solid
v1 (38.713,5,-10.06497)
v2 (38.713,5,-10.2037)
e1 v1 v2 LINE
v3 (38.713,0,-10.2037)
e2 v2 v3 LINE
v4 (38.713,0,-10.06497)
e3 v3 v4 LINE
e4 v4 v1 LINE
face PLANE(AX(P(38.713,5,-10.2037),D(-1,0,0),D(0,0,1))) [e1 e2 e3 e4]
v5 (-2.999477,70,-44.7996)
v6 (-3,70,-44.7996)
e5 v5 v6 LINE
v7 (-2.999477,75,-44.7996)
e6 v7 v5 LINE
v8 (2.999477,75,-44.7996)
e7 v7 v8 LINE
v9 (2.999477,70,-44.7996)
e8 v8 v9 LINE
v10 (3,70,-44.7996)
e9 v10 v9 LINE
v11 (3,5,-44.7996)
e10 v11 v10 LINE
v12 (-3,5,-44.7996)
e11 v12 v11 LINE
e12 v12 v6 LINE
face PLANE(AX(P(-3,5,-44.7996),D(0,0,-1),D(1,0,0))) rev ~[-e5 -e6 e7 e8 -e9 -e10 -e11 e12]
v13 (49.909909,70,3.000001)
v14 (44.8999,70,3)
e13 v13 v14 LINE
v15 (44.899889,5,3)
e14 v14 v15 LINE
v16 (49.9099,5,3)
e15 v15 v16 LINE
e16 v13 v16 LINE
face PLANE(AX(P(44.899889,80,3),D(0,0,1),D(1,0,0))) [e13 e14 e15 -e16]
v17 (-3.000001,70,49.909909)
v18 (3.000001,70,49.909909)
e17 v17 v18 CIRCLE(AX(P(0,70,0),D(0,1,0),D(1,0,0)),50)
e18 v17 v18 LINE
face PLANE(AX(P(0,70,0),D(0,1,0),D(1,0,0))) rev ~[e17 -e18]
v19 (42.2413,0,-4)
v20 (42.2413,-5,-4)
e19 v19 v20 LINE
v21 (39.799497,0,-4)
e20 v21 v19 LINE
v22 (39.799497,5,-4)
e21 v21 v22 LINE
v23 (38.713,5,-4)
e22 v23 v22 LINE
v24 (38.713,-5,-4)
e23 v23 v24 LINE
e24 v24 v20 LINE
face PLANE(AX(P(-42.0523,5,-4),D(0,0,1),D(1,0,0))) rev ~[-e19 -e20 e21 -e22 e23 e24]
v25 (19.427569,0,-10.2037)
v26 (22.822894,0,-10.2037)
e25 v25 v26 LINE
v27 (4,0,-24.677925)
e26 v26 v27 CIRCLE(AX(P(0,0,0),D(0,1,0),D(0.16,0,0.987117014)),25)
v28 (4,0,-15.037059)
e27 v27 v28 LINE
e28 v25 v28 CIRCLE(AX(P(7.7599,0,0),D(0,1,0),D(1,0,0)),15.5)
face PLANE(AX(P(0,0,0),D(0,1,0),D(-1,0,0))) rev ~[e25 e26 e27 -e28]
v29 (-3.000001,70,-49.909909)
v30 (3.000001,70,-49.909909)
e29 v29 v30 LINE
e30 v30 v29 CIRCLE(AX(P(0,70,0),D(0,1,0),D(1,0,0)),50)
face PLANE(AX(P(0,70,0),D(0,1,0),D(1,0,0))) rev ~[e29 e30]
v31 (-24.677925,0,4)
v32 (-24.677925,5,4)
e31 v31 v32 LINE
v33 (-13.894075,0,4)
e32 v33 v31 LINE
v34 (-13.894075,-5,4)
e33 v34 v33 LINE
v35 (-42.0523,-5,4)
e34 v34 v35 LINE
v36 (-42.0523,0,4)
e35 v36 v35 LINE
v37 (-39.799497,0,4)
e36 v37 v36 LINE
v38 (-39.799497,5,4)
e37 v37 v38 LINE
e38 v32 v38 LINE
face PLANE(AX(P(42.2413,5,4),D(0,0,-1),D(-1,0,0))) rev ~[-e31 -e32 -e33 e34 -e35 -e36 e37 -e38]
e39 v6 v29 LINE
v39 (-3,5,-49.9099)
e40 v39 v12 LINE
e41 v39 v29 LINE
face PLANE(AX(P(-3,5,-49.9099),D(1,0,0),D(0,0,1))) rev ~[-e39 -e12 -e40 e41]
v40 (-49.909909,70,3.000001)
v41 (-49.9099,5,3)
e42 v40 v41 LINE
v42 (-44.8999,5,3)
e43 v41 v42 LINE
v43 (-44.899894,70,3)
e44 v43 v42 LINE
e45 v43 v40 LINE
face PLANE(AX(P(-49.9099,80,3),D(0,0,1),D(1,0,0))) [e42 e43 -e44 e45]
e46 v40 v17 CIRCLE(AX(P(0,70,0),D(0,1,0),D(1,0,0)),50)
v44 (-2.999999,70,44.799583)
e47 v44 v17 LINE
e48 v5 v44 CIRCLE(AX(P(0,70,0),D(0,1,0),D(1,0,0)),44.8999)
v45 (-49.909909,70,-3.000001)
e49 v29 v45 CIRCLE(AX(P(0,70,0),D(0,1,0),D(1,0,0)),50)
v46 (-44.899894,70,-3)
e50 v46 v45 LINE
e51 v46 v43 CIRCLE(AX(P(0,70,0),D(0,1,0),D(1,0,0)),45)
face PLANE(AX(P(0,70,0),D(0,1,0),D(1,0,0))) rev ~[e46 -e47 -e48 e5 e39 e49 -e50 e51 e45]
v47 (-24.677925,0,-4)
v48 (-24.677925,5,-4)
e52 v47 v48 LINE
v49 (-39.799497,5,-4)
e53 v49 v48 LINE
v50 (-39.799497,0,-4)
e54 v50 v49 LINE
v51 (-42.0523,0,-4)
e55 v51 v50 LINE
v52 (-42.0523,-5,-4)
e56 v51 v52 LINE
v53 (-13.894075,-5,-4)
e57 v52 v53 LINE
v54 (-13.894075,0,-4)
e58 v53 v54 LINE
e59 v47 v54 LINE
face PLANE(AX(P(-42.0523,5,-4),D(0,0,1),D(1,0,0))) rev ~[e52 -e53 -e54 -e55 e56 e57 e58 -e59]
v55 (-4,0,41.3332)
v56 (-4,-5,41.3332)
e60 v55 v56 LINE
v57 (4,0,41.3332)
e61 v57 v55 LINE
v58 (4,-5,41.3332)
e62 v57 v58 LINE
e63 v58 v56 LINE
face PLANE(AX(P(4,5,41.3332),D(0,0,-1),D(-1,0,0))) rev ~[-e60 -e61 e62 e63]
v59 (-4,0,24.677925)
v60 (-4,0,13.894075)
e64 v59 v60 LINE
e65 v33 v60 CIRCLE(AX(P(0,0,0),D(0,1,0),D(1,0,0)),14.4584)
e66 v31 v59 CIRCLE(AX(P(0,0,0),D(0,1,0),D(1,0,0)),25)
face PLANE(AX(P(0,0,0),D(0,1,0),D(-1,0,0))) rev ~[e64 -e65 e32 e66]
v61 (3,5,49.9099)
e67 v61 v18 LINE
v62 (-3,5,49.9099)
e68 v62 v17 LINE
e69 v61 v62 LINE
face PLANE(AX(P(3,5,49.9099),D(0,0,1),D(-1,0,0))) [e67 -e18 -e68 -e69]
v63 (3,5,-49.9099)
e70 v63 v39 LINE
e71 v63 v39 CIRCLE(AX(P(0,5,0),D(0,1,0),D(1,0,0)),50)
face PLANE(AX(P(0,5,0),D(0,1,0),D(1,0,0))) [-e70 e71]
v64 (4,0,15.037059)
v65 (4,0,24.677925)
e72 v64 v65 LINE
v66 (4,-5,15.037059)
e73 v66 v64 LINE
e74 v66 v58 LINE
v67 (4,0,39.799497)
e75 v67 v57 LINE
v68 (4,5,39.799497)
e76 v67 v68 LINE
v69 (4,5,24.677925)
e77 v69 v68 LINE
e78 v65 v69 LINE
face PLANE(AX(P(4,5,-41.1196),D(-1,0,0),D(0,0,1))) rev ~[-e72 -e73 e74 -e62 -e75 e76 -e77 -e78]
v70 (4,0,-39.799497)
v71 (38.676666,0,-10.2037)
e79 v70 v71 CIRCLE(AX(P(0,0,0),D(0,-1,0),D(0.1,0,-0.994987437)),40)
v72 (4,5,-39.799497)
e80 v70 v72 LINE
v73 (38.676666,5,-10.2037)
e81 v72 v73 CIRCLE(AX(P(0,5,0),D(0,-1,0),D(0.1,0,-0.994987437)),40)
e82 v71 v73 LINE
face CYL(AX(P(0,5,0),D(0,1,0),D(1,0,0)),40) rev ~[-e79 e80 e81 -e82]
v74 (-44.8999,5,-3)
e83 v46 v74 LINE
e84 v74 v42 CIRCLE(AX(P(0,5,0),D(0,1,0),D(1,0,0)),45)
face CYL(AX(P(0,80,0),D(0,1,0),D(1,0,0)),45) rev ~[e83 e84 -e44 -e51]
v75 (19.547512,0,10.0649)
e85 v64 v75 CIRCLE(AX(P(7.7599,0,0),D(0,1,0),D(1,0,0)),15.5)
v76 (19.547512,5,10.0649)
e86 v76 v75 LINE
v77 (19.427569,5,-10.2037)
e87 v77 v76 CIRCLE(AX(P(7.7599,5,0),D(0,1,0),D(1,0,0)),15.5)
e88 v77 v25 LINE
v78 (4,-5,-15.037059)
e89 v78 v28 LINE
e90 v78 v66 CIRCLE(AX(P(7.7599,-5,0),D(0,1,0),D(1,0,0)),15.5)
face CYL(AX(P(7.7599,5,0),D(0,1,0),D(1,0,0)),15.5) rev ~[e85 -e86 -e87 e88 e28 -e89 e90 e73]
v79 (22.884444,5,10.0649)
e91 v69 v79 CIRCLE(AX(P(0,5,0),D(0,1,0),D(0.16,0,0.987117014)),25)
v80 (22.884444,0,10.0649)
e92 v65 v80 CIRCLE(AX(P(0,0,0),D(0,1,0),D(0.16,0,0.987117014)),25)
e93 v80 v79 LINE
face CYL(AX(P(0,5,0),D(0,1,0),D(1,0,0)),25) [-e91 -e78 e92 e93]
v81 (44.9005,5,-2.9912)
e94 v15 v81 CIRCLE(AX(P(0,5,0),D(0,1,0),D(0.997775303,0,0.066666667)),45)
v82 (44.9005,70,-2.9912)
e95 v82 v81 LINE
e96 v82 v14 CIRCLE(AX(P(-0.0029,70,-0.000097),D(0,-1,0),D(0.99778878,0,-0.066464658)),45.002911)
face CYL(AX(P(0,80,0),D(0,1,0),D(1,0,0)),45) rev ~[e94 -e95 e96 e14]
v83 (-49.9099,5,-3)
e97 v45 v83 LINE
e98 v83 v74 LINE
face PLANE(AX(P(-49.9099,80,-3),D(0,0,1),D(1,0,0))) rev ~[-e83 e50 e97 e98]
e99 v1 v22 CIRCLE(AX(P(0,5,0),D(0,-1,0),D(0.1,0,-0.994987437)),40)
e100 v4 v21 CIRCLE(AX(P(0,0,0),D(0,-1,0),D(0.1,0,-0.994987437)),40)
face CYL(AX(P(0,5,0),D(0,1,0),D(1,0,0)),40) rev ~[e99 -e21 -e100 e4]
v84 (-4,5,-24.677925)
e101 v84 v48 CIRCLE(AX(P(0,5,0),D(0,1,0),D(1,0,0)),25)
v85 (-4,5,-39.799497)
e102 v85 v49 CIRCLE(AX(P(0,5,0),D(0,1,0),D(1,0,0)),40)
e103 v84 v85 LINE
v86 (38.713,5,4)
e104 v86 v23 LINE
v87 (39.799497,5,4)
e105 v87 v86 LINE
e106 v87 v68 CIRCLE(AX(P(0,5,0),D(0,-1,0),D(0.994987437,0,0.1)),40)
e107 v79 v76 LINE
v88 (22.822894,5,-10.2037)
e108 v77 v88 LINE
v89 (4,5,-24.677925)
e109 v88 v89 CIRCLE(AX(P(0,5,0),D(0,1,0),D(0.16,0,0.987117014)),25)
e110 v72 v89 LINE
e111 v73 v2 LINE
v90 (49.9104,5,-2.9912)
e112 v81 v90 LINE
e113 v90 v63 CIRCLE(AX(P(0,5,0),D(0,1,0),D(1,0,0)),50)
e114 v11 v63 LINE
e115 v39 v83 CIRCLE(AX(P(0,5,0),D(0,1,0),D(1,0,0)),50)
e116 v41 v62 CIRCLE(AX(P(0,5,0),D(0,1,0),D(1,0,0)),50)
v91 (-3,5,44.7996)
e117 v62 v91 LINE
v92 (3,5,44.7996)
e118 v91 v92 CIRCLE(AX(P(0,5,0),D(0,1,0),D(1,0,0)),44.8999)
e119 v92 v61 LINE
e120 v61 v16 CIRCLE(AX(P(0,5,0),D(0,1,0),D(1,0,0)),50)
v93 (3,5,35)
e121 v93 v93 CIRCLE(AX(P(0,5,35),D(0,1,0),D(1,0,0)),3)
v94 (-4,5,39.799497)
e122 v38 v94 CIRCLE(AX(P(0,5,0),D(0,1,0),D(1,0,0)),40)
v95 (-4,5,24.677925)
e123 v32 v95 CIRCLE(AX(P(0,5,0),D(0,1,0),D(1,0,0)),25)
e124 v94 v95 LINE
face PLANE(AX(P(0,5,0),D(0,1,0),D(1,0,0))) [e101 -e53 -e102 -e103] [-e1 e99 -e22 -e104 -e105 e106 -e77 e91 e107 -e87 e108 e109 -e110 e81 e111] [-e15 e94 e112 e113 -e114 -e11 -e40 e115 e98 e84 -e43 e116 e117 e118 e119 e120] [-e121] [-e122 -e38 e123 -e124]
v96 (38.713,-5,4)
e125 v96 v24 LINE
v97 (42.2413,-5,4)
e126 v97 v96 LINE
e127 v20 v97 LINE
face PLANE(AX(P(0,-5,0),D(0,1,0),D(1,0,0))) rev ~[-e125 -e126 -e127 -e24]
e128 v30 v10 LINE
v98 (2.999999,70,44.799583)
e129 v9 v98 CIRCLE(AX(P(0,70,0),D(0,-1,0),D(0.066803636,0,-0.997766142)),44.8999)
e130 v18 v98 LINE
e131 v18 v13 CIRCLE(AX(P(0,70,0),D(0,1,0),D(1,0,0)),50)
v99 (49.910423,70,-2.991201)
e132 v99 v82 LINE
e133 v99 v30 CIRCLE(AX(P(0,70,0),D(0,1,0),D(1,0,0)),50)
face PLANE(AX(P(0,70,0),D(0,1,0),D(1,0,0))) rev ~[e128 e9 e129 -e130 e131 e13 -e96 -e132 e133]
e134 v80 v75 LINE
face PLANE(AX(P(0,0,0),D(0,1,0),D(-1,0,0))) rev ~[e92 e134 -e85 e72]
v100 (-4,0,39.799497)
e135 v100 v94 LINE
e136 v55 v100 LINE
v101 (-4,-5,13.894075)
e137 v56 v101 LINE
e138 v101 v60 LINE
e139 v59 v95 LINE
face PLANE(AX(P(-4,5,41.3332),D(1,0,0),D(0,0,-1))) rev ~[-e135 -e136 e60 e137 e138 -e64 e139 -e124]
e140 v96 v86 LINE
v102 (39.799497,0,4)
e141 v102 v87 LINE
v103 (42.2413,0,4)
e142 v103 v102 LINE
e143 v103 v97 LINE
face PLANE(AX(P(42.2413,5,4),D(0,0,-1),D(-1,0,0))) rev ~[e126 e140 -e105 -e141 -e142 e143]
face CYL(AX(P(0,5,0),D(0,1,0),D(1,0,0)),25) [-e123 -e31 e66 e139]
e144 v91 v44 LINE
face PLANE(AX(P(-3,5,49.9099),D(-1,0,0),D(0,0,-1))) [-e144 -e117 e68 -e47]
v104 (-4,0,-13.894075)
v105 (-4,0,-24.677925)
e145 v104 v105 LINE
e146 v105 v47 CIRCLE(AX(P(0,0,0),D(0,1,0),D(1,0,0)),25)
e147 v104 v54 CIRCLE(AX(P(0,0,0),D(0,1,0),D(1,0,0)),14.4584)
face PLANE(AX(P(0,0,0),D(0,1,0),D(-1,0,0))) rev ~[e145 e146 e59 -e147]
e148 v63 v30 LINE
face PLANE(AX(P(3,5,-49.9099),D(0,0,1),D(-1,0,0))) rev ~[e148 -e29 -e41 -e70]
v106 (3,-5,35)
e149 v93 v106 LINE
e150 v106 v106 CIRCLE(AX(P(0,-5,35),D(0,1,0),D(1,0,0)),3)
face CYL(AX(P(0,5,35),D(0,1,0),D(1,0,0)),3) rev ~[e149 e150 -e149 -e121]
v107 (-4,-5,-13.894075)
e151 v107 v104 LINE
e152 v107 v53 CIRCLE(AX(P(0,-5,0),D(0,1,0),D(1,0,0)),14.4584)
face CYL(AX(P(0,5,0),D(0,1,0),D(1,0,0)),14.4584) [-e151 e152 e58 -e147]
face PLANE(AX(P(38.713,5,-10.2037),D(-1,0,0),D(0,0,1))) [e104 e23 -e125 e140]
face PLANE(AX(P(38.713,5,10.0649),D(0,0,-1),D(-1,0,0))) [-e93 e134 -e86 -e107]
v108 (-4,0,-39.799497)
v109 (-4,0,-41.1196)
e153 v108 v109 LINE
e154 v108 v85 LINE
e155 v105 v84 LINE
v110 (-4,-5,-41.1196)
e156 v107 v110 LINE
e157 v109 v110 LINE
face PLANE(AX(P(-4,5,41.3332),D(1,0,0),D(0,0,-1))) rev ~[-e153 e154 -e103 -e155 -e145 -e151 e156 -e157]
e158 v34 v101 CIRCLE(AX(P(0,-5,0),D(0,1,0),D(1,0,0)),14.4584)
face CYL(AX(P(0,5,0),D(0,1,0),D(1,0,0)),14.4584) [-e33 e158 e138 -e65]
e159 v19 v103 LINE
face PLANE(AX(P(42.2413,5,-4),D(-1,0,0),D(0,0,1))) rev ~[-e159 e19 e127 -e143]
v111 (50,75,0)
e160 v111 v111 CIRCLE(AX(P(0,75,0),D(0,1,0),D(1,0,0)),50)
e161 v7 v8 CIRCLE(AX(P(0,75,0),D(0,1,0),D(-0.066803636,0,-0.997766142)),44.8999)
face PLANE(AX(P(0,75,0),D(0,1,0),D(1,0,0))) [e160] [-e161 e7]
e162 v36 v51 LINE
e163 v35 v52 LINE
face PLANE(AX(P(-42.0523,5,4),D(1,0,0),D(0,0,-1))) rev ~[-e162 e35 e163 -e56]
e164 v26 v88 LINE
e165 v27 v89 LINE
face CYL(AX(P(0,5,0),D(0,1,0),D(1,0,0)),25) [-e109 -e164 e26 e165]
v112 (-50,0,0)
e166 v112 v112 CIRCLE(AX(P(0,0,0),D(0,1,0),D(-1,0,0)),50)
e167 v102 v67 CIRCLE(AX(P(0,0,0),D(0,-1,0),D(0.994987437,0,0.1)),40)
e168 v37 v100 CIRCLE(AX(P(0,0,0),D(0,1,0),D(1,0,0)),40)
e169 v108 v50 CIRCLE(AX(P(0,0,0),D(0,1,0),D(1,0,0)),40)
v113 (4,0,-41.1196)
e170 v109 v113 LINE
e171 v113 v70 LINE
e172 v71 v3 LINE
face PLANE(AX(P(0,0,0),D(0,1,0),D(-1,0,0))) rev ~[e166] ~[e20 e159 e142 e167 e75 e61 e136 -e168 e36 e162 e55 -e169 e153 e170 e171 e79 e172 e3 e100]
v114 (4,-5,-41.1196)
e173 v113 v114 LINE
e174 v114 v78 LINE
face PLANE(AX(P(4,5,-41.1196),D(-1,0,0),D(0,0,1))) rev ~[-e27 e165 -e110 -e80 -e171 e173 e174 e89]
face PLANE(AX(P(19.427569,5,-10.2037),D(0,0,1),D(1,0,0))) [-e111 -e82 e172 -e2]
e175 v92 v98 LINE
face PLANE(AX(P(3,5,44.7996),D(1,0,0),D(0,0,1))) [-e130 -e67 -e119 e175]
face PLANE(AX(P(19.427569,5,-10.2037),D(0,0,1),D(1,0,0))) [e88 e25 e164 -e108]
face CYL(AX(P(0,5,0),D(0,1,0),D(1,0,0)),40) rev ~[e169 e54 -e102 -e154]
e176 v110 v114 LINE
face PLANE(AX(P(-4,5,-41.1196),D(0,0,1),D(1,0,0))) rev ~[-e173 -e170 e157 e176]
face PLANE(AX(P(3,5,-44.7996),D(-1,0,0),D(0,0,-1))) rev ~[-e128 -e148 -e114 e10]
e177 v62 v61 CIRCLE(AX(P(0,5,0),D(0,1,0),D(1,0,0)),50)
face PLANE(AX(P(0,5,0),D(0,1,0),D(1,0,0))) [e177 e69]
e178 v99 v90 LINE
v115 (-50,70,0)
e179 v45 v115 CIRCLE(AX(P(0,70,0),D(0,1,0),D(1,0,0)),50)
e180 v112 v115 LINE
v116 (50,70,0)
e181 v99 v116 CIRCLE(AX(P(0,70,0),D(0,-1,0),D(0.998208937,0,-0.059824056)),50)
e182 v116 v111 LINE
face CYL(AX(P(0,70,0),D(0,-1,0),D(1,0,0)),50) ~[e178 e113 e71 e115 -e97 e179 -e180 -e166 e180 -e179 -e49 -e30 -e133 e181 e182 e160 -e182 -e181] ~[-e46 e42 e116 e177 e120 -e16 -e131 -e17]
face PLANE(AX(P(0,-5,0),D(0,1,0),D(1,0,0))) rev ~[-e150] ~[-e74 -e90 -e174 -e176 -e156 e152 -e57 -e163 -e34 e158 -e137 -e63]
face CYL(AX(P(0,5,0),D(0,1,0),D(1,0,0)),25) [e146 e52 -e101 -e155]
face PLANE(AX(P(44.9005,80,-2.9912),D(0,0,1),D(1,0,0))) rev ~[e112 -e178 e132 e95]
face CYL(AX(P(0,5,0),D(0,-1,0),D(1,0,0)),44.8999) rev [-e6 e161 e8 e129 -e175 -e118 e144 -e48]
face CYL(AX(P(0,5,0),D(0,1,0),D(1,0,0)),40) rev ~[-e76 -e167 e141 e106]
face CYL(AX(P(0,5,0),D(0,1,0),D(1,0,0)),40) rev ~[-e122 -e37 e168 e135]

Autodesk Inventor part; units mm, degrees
ref_plane "YZ Plane" through (0, 0, 0) normal (1, 0, 0) x (0, 1, 0)
ref_plane "XZ Plane" through (0, 0, 0) normal (0, 1, 0) x (-1, 0, 0)
ref_plane "XY Plane" through (0, 0, 0) normal (0, 0, 1) x (1, 0, 0)
sketch "Szkic1" plane through (0, 0, 0) normal (0, 1, 0) x (-1, 0, 0)
  circle A0 centre (0, 0) radius 50
  dimension "d0" = 100
extrude "Wyciągnięcie proste1" add sketch "Szkic1" along normal blind 80
sketch "Szkic2" plane through (0, 80, 0) normal (0, 1, 0) x (1, 0, 0)
  circle A0 centre (0, 0) radius 45
  dimension "d3" = 90
extrude "Wyciągnięcie proste2" cut sketch "Szkic2" against normal blind 75
sketch "Szkic3" plane through (0, 5, 0) normal (0, 1, 0) x (1, 0, 0)
  point P0 (0, 0)
sketch "Szkic4" plane through (0, 5, 0) normal (0, 1, 0) x (1, 0, 0)
  circle A0 centre (0, 0) radius 7.5
  dimension "d6" = 15
extrude "Wyciągnięcie proste3" cut sketch "Szkic4" against normal blind 75
sketch "Szkic9" plane through (0, 80, 0) normal (0, 1, 0) x (1, 0, 0)
  circle A0 centre (0, 0) radius 50 projected
  line L0 (-49.9099, 3) -> (-44.8999, 3)
  circle A1 centre (0, 0) radius 45 projected
  line L1 (-49.9099, -3) -> (-44.8999, -3)
  line L2 (44.9005, 2.9912) -> (49.9104, 2.9912)
  line L3 (44.6345, -3) -> (49.9099, -3)
  arc A2 (-49.9099, -3) -> (49.9099, -3) centre (0, 0) ccw
  arc A3 (-40.5012, -19.6125) -> (44.6345, -3) centre (-0.1275, -0.0618) ccw
  arc A4 (49.9104, 2.9912) -> (-49.9099, 3) centre (0, 0) ccw
  arc A5 (44.9005, 2.9912) -> (-44.8999, 3) centre (-0.0001, -0.7186) ccw
  point P0 (44.9005, 2.9912)
  point P1 (44.8999, -3)
extrude "Wyciągnięcie proste4" cut sketch "Szkic9" against normal blind 75 contours L2 A1 L0 A0 | A0 L1 A1 L3 | A5 A1 | A1 L3 A3 A5 | A1 A3 L3
sketch "Szkic10" plane through (0, 80, 0) normal (0, 1, 0) x (1, 0, 0)
  circle A0 centre (0, 0) radius 50
  arc A1 (44.8999, -3) -> (44.9005, 2.9912) centre (0, 0) ccw projected
  circle A2 centre (0, 0) radius 45
  point P0 (44.9005, 2.9912)
extrude "Wyciągnięcie proste5" cut sketch "Szkic10" against normal blind 10
sketch "Szkic11" plane through (0, 70, 0) normal (0, 1, 0) x (1, 0, 0)
  circle A0 centre (0, 0) radius 7.5 projected
  circle A1 centre (0, 0) radius 50
  circle A2 centre (0, 0) radius 44.8999
extrude "Wyciągnięcie proste6" add sketch "Szkic11" along normal blind 5 contours A1
sketch "Szkic12" plane through (0, 5, 0) normal (0, 1, 0) x (1, 0, 0)
  circle A0 centre (0, 0) radius 44.8999 projected
  circle A1 centre (0, 0) radius 50 projected
  line L0 (-3, -44.7996) -> (3, -44.7996)
  line L1 (3, -44.7996) -> (3, -49.9099)
  line L2 (3, -49.9099) -> (-3, -49.9099)
  line L3 (-3, -49.9099) -> (-3, -44.7996)
  dimension "d20" = 6
extrude "Wyciągnięcie proste7" add sketch "Szkic12" along normal blind 70 contours A0 L1 L2 L3
sketch "Szkic13" plane through (0, 5, 0) normal (0, 1, 0) x (1, 0, 0)
  arc A0 (3, -44.7996) -> (-3, -44.7996) centre (0, 0) ccw projected
  arc A1 (49.9104, 2.9912) -> (-49.9099, 3) centre (0, 0) ccw projected
  line L0 (-3, 44.7996) -> (3, 44.7996)
  line L1 (3, 44.7996) -> (3, 49.9099)
  line L2 (3, 49.9099) -> (-3, 49.9099)
  line L3 (-3, 49.9099) -> (-3, 44.7996)
  dimension "d23" = 6
extrude "Wyciągnięcie proste8" add sketch "Szkic13" along normal blind 70 contours L0 A0 | A0 L3 L2 L1
sketch "Szkic14" plane through (0, 5, 0) normal (0, 1, 0) x (1, 0, 0)
  circle A0 centre (0, 0) radius 7.5 projected
  circle A1 centre (0, 0) radius 25
  circle A2 centre (0, 0) radius 40
  dimension "d26" = 50
  dimension "d27" = 80
extrude "Wyciągnięcie proste9" cut sketch "Szkic14" against normal blind 70 contours A2
sketch "Szkic15" plane through (0, 5, 0) normal (0, 1, 0) x (1, 0, 0)
  line L0 (-4, 41.1196) -> (4, 41.1196)
  line L1 (4, 41.1196) -> (4, -41.3332)
  line L2 (4, -41.3332) -> (-4, -41.3332)
  line L3 (-4, -41.3332) -> (-4, 41.1196)
  point P0 (0, 0)
  dimension "d30" = 8
extrude "Wyciągnięcie proste10" add sketch "Szkic15" against normal blind 10
sketch "Szkic16" plane through (0, 5, 0) normal (0, 1, 0) x (1, 0, 0)
  line L0 (-42.0523, 4) -> (42.2413, 4)
  line L1 (42.2413, 4) -> (42.2413, -4)
  line L2 (42.2413, -4) -> (-42.0523, -4)
  line L3 (-42.0523, -4) -> (-42.0523, 4)
  point P0 (0, 0)
  dimension "d33" = 8
extrude "Wyciągnięcie proste11" add sketch "Szkic16" against normal blind 10
sketch "Szkic17" plane through (0, 5, 0) normal (0, 1, 0) x (1, 0, 0)
  circle A0 centre (0, 0) radius 14.4584
extrude "Wyciągnięcie proste12" add sketch "Szkic17" against normal blind 10
sketch "Szkic18" plane through (0, 5, 0) normal (0, 1, 0) x (1, 0, 0)
  circle A0 centre (0, -35) radius 3
  point P0 (0, 0)
  dimension "d38" = 6
extrude "Wyciągnięcie proste13" cut sketch "Szkic18" against normal blind 15
sketch "Szkic22" plane through (0, 5, 0) normal (0, 1, 0) x (1, 0, 0)
  circle A0 centre (7.7599, 0) radius 15.5
  line L0 (24.6779, -4) -> (39.7995, -4) projected
  arc A1 (4, -39.7995) -> (39.7995, -4) centre (0, 0) ccw projected
  line L1 (38.713, -10.0649) -> (14.3625, -10.0649)
  line L2 (14.3625, -10.0649) -> (14.3625, 10.2037)
  line L3 (14.3625, 10.2037) -> (38.713, 10.2037)
  line L4 (38.713, 10.2037) -> (38.713, -10.0649)
  point P0 (19.4275, 10.2037)
  point P1 (19.5474, -10.0649)
  dimension "d50" = 31
extrude "Wyciągnięcie proste17" cut sketch "Szkic22" against normal blind 10 contours A0 L1 L2 L3 | A0 L3 L4 L1 | L3 L2 L1 A0
properties part number "Walec2"
